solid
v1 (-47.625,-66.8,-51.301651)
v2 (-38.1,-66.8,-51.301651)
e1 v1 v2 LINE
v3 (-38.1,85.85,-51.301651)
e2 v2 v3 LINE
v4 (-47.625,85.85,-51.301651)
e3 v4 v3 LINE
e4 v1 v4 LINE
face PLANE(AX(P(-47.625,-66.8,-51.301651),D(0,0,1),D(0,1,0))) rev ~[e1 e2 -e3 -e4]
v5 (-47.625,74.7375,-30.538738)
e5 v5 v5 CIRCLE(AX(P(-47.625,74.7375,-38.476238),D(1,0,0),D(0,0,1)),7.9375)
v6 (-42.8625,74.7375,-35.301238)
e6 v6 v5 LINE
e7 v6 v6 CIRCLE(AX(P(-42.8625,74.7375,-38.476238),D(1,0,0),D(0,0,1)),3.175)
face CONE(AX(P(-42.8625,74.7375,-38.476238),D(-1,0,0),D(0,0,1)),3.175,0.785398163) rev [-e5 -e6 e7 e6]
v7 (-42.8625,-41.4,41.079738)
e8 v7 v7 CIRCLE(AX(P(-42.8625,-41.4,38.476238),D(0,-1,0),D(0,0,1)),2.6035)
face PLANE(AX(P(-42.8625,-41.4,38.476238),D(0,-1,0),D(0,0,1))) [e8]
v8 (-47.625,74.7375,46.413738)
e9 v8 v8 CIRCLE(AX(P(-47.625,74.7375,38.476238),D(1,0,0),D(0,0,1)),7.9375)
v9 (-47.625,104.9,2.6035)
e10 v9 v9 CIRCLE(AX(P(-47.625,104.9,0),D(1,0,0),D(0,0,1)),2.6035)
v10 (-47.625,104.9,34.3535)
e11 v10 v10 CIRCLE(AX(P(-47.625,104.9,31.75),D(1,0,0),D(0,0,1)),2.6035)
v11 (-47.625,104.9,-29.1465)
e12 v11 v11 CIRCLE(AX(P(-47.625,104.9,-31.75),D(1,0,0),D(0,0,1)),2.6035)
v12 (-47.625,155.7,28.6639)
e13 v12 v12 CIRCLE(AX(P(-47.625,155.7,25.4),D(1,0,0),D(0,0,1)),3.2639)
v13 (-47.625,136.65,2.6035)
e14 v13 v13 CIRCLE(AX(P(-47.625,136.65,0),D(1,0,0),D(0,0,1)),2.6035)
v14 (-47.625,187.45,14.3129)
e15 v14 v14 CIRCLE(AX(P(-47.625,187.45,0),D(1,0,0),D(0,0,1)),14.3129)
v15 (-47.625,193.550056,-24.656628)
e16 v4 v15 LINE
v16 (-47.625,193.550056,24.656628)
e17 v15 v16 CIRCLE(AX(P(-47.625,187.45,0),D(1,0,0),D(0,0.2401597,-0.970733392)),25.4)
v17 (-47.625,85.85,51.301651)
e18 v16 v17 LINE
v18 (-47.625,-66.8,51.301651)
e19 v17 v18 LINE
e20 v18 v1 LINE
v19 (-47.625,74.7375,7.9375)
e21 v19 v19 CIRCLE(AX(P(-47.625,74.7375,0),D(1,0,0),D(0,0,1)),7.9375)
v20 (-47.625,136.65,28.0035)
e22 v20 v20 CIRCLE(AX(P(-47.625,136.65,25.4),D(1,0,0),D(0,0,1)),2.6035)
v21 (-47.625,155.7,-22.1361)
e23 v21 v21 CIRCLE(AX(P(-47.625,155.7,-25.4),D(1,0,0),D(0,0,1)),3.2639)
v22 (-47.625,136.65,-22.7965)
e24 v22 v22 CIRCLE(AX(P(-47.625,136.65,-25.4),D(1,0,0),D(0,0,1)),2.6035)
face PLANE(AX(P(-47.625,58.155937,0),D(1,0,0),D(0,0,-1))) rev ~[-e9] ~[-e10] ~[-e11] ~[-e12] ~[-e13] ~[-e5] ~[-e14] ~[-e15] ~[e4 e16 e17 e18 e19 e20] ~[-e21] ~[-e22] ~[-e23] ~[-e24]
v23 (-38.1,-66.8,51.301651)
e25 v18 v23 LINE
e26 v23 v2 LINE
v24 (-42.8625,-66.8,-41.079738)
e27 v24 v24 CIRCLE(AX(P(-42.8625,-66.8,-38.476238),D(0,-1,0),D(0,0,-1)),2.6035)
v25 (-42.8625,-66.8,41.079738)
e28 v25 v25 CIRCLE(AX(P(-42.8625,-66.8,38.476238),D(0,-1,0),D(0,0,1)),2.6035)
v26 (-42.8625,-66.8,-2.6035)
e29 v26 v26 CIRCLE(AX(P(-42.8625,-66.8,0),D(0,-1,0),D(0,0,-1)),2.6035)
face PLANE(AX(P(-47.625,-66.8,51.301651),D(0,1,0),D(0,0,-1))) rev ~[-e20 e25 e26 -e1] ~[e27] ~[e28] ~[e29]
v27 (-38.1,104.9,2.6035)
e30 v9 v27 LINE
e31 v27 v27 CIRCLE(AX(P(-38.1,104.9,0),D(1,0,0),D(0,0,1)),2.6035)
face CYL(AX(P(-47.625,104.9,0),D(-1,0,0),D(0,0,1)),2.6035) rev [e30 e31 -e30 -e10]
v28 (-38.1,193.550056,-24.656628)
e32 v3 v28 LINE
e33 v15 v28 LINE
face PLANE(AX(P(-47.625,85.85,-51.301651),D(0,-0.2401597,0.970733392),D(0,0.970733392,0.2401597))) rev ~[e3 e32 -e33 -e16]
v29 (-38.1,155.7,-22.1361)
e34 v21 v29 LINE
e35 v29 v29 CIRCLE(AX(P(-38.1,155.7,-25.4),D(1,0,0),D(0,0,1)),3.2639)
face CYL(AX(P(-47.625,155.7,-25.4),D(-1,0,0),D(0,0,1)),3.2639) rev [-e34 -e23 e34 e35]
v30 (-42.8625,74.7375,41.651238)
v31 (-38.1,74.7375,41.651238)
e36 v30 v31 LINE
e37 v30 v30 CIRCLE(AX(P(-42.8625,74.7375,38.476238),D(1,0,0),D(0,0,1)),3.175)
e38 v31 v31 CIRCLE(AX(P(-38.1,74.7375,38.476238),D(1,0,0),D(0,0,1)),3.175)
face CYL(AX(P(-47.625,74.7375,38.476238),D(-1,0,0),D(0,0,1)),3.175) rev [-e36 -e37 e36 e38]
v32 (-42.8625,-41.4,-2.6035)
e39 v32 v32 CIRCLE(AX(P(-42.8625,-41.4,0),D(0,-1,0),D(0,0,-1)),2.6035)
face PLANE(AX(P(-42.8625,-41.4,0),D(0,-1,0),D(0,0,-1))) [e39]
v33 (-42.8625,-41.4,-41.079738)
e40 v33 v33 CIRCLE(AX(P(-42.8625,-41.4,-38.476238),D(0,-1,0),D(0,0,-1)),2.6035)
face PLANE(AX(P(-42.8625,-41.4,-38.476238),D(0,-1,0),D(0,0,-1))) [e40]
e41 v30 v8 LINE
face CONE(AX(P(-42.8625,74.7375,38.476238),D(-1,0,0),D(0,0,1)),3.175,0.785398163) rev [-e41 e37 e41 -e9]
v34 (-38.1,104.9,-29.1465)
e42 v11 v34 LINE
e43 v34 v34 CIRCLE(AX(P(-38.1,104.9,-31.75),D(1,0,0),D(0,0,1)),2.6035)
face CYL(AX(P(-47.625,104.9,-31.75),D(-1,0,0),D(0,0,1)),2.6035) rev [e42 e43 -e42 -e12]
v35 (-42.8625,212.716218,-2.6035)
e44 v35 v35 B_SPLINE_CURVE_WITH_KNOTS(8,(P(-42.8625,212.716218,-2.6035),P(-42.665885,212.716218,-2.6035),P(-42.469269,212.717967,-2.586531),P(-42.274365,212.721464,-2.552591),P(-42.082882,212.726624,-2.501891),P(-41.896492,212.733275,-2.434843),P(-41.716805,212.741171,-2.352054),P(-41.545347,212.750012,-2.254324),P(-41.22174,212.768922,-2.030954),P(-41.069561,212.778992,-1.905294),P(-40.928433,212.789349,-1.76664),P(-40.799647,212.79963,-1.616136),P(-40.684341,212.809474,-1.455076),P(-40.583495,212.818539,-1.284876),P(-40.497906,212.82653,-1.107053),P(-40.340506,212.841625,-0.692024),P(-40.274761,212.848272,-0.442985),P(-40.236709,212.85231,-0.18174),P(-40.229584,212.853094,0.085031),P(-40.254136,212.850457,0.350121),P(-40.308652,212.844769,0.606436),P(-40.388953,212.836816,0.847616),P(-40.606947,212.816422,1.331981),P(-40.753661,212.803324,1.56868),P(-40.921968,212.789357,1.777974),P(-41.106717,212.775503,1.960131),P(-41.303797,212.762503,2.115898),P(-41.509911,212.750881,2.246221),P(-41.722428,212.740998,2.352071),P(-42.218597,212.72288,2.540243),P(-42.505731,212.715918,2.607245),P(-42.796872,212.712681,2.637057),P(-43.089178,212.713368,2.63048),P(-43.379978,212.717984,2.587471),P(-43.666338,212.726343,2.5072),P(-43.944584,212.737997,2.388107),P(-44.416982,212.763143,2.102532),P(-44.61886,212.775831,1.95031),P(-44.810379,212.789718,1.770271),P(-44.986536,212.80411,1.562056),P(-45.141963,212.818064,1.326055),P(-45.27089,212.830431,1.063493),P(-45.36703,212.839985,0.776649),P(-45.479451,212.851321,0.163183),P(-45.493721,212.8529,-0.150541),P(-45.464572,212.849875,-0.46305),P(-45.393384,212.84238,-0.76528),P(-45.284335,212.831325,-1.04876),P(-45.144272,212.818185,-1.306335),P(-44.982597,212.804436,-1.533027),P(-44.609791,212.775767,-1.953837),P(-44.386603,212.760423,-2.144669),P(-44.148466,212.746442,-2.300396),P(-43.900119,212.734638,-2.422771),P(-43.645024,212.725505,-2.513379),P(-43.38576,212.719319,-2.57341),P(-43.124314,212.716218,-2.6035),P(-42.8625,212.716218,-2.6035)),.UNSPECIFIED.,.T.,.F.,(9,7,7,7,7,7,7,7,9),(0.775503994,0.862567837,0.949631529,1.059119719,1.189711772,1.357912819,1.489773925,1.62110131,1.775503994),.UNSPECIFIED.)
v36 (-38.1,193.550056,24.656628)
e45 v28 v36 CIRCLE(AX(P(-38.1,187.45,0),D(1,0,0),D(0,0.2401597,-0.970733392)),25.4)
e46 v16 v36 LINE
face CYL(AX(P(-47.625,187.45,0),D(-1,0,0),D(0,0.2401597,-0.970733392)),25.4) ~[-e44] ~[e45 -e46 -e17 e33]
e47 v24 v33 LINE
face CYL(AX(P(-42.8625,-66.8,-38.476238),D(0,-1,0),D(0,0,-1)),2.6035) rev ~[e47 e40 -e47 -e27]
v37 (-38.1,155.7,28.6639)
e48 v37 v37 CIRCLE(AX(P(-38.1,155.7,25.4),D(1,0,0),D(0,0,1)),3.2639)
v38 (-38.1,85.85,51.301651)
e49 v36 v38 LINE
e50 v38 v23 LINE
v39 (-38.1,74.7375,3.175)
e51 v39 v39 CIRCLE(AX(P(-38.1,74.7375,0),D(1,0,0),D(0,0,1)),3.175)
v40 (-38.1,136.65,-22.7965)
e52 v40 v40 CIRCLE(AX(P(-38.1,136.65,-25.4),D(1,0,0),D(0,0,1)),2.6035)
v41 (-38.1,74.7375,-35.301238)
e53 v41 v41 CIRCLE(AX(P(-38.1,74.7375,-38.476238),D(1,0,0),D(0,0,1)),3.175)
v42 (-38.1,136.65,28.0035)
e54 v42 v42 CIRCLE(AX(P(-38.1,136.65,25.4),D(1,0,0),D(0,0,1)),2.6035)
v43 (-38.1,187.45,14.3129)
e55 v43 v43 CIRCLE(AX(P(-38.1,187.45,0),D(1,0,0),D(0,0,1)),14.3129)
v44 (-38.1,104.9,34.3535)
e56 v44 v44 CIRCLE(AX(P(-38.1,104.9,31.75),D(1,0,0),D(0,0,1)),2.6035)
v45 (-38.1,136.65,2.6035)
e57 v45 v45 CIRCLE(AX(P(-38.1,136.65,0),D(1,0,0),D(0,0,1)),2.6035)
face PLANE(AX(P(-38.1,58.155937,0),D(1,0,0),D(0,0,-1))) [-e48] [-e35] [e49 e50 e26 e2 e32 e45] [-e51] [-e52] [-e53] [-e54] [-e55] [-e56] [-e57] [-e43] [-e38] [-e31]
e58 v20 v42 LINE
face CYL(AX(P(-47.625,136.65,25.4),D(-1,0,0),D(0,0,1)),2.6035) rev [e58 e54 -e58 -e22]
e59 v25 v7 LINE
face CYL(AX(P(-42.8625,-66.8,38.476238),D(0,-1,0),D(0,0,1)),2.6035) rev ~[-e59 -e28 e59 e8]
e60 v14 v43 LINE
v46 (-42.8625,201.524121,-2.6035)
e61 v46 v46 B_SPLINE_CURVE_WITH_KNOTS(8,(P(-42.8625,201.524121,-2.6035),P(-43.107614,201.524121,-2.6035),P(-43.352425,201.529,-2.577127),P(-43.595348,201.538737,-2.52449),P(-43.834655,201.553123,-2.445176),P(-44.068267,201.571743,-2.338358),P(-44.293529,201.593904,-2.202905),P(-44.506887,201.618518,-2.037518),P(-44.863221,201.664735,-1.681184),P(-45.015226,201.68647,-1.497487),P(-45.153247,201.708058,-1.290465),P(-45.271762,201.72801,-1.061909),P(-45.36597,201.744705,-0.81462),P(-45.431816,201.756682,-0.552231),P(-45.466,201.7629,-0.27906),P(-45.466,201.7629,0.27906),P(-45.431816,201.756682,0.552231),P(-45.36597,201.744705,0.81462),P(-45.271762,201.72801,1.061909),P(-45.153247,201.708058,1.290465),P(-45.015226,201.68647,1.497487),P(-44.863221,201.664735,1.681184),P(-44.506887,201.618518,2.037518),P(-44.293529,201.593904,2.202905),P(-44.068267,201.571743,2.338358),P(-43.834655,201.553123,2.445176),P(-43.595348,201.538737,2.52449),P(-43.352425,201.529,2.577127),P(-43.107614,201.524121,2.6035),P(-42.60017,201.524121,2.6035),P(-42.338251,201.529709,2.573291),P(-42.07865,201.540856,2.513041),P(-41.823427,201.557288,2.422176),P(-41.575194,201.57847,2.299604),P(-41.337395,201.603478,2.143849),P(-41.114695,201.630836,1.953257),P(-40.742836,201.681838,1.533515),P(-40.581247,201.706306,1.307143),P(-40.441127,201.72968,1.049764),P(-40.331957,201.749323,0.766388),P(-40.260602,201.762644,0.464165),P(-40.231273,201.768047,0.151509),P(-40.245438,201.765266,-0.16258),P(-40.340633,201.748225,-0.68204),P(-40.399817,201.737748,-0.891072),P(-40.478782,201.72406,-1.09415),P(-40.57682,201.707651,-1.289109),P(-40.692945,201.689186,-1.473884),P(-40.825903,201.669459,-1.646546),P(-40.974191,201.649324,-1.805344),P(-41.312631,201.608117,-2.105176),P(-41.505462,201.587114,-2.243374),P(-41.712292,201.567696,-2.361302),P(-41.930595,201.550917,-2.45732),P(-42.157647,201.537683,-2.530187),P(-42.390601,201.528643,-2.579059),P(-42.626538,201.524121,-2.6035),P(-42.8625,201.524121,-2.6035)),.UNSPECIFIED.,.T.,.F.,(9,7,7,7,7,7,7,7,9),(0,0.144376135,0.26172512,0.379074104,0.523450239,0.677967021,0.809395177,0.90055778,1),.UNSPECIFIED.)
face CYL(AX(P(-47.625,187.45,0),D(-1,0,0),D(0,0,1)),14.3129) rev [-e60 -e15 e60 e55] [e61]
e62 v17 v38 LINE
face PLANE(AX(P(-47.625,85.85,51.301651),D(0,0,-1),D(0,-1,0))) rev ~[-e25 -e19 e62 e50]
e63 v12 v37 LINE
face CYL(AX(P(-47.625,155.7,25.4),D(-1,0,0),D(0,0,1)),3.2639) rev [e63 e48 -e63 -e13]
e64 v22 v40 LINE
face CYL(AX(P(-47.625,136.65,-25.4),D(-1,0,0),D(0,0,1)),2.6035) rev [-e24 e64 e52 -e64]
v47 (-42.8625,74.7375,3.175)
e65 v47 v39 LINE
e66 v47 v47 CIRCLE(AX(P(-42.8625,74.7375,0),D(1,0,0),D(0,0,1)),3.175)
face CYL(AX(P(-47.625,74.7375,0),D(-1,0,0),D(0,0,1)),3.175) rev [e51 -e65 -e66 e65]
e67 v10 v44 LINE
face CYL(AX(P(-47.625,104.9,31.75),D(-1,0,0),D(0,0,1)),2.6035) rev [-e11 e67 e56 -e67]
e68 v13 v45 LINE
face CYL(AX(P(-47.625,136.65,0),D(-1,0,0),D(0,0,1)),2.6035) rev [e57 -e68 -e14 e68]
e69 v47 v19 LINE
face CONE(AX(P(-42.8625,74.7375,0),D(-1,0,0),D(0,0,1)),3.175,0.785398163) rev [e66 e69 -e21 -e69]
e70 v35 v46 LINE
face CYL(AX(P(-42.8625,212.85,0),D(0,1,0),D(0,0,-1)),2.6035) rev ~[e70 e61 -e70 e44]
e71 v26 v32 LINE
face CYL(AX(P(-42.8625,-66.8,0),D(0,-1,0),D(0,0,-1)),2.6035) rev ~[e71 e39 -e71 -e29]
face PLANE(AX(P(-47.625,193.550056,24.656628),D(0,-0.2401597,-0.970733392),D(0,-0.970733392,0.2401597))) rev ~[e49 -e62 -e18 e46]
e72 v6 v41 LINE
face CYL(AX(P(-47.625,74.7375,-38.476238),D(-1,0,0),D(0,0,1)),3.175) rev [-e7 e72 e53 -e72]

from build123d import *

# Parameters (mm, degrees)
SKETCH2_R               = 14.3129
SKETCH2_R_2             = 3.175
SKETCH2_R_3             = 2.6035
SKETCH2_R_4             = 3.2639
BOSS_EXTRUDE1_DEPTH     = 9.525
CHAMFER1_SIZE           = 4.7625
SKETCH3_R               = 2.6035
CUT_EXTRUDE1_DEPTH      = 25.4
CUT_EXTRUDE2_REACH      = 290.278
CUT_EXTRUDE2_END_RADIUS = 14.3129
SKETCH4_R               = 2.6035


with BuildPart() as part:
    # Sketch2 → Boss-Extrude1 (new body)
    with BuildSketch(Plane(origin=(-47.625, 0, 0), x_dir=(0, 0, -1), z_dir=(1, 0, 0))):
        with BuildLine():
            Line((51.301650802, 73.15), (51.301650802, 85.85))
            Line((51.301650802, 85.85), (24.65662816, 193.550056376))
            ThreePointArc((24.65662816, 193.550056376), (0, 212.85), (-24.65662816, 193.550056376))
            Line((-24.65662816, 193.550056376), (-51.301650802, 85.85))
            Line((-51.301650802, 85.85), (-51.301650802, 73.15))
            Line((-51.301650802, 73.15), (-51.301650802, -66.8))
            Line((-51.301650802, -66.8), (51.301650802, -66.8))
            Line((51.301650802, -66.8), (51.301650802, 73.15))
        make_face()
        with Locations(Location((0, 187.45, 0), (0, 0, 180))):
            Circle(SKETCH2_R, mode=Mode.SUBTRACT)
        with Locations(Location((38.476238101, 74.7375, 0), (0, 0, 180))):
            Circle(SKETCH2_R_2, mode=Mode.SUBTRACT)
        with Locations(Location((0, 74.7375, 0), (0, 0, 180))):
            Circle(SKETCH2_R_2, mode=Mode.SUBTRACT)
        with Locations(Location((-38.476238101, 74.7375, 0), (0, 0, 180))):
            Circle(SKETCH2_R_2, mode=Mode.SUBTRACT)
        with Locations(Location((0, 136.65, 0), (0, 0, 180))):
            Circle(SKETCH2_R_3, mode=Mode.SUBTRACT)
        with Locations(Location((-25.4, 136.65, 0), (0, 0, 180))):
            Circle(SKETCH2_R_3, mode=Mode.SUBTRACT)
        with Locations(Location((-31.75, 104.9, 0), (0, 0, 180))):
            Circle(SKETCH2_R_3, mode=Mode.SUBTRACT)
        with Locations(Location((0, 104.9, 0), (0, 0, 180))):
            Circle(SKETCH2_R_3, mode=Mode.SUBTRACT)
        with Locations(Location((31.75, 104.9, 0), (0, 0, 180))):
            Circle(SKETCH2_R_3, mode=Mode.SUBTRACT)
        with Locations(Location((25.4, 136.65, 0), (0, 0, 180))):
            Circle(SKETCH2_R_3, mode=Mode.SUBTRACT)
        with Locations(Location((-25.4, 155.7, 0), (0, 0, 180))):
            Circle(SKETCH2_R_4, mode=Mode.SUBTRACT)
        with Locations(Location((25.4, 155.7, 0), (0, 0, 180))):
            Circle(SKETCH2_R_4, mode=Mode.SUBTRACT)
    extrude(amount=BOSS_EXTRUDE1_DEPTH)

    # Chamfer1
    chamfer1_edges = [part.edges().sort_by_distance(p)[0] for p in [
        (-47.625, 74.7375, -3.175),
        (-47.625, 74.7375, -41.651238101),
        (-47.625, 74.7375, 35.301238101),
    ]]
    chamfer(chamfer1_edges, length=CHAMFER1_SIZE)

    # Sketch3 → Cut-Extrude1 (cut)
    with BuildSketch(Plane.XZ.offset(66.8)):
        with Locations(Location((-42.8625, -38.476238101, 0), (0, 0, 270))):
            Circle(SKETCH3_R)
        with Locations(Location((-42.8625, 0, 0), (0, 0, 270))):
            Circle(SKETCH3_R)
        with Locations(Location((-42.8625, 38.476238101, 0), (0, 0, 90))):
            Circle(SKETCH3_R)
    extrude(amount=-CUT_EXTRUDE1_DEPTH, mode=Mode.SUBTRACT)

    # Cut-Extrude2: up to this cylinder (the profile starts outside it)
    cut_extrude2_end = Plane(origin=(-42.8625, 187.45, 0), z_dir=(-1, 0, 0)) * Cylinder(CUT_EXTRUDE2_END_RADIUS, 610.1818, mode=Mode.PRIVATE)
    # Sketch4 → Cut-Extrude2 (cut, up to the surface)
    with BuildSketch(Plane(origin=(0, 212.85, 0), x_dir=(-1, 0, 0), z_dir=(0, 1, 0)), mode=Mode.PRIVATE) as cut_extrude2_sk1:
        with Locations(Location((42.8625, 0, 0), (0, 0, 270))):
            Circle(SKETCH4_R)
    cut_extrude2_tool1 = extrude(cut_extrude2_sk1.sketch, amount=-CUT_EXTRUDE2_REACH, mode=Mode.PRIVATE) - cut_extrude2_end
    add(cut_extrude2_tool1.solids().sort_by_distance((-42.8625, 212.85, 0))[0], mode=Mode.SUBTRACT)


solid = part.part
